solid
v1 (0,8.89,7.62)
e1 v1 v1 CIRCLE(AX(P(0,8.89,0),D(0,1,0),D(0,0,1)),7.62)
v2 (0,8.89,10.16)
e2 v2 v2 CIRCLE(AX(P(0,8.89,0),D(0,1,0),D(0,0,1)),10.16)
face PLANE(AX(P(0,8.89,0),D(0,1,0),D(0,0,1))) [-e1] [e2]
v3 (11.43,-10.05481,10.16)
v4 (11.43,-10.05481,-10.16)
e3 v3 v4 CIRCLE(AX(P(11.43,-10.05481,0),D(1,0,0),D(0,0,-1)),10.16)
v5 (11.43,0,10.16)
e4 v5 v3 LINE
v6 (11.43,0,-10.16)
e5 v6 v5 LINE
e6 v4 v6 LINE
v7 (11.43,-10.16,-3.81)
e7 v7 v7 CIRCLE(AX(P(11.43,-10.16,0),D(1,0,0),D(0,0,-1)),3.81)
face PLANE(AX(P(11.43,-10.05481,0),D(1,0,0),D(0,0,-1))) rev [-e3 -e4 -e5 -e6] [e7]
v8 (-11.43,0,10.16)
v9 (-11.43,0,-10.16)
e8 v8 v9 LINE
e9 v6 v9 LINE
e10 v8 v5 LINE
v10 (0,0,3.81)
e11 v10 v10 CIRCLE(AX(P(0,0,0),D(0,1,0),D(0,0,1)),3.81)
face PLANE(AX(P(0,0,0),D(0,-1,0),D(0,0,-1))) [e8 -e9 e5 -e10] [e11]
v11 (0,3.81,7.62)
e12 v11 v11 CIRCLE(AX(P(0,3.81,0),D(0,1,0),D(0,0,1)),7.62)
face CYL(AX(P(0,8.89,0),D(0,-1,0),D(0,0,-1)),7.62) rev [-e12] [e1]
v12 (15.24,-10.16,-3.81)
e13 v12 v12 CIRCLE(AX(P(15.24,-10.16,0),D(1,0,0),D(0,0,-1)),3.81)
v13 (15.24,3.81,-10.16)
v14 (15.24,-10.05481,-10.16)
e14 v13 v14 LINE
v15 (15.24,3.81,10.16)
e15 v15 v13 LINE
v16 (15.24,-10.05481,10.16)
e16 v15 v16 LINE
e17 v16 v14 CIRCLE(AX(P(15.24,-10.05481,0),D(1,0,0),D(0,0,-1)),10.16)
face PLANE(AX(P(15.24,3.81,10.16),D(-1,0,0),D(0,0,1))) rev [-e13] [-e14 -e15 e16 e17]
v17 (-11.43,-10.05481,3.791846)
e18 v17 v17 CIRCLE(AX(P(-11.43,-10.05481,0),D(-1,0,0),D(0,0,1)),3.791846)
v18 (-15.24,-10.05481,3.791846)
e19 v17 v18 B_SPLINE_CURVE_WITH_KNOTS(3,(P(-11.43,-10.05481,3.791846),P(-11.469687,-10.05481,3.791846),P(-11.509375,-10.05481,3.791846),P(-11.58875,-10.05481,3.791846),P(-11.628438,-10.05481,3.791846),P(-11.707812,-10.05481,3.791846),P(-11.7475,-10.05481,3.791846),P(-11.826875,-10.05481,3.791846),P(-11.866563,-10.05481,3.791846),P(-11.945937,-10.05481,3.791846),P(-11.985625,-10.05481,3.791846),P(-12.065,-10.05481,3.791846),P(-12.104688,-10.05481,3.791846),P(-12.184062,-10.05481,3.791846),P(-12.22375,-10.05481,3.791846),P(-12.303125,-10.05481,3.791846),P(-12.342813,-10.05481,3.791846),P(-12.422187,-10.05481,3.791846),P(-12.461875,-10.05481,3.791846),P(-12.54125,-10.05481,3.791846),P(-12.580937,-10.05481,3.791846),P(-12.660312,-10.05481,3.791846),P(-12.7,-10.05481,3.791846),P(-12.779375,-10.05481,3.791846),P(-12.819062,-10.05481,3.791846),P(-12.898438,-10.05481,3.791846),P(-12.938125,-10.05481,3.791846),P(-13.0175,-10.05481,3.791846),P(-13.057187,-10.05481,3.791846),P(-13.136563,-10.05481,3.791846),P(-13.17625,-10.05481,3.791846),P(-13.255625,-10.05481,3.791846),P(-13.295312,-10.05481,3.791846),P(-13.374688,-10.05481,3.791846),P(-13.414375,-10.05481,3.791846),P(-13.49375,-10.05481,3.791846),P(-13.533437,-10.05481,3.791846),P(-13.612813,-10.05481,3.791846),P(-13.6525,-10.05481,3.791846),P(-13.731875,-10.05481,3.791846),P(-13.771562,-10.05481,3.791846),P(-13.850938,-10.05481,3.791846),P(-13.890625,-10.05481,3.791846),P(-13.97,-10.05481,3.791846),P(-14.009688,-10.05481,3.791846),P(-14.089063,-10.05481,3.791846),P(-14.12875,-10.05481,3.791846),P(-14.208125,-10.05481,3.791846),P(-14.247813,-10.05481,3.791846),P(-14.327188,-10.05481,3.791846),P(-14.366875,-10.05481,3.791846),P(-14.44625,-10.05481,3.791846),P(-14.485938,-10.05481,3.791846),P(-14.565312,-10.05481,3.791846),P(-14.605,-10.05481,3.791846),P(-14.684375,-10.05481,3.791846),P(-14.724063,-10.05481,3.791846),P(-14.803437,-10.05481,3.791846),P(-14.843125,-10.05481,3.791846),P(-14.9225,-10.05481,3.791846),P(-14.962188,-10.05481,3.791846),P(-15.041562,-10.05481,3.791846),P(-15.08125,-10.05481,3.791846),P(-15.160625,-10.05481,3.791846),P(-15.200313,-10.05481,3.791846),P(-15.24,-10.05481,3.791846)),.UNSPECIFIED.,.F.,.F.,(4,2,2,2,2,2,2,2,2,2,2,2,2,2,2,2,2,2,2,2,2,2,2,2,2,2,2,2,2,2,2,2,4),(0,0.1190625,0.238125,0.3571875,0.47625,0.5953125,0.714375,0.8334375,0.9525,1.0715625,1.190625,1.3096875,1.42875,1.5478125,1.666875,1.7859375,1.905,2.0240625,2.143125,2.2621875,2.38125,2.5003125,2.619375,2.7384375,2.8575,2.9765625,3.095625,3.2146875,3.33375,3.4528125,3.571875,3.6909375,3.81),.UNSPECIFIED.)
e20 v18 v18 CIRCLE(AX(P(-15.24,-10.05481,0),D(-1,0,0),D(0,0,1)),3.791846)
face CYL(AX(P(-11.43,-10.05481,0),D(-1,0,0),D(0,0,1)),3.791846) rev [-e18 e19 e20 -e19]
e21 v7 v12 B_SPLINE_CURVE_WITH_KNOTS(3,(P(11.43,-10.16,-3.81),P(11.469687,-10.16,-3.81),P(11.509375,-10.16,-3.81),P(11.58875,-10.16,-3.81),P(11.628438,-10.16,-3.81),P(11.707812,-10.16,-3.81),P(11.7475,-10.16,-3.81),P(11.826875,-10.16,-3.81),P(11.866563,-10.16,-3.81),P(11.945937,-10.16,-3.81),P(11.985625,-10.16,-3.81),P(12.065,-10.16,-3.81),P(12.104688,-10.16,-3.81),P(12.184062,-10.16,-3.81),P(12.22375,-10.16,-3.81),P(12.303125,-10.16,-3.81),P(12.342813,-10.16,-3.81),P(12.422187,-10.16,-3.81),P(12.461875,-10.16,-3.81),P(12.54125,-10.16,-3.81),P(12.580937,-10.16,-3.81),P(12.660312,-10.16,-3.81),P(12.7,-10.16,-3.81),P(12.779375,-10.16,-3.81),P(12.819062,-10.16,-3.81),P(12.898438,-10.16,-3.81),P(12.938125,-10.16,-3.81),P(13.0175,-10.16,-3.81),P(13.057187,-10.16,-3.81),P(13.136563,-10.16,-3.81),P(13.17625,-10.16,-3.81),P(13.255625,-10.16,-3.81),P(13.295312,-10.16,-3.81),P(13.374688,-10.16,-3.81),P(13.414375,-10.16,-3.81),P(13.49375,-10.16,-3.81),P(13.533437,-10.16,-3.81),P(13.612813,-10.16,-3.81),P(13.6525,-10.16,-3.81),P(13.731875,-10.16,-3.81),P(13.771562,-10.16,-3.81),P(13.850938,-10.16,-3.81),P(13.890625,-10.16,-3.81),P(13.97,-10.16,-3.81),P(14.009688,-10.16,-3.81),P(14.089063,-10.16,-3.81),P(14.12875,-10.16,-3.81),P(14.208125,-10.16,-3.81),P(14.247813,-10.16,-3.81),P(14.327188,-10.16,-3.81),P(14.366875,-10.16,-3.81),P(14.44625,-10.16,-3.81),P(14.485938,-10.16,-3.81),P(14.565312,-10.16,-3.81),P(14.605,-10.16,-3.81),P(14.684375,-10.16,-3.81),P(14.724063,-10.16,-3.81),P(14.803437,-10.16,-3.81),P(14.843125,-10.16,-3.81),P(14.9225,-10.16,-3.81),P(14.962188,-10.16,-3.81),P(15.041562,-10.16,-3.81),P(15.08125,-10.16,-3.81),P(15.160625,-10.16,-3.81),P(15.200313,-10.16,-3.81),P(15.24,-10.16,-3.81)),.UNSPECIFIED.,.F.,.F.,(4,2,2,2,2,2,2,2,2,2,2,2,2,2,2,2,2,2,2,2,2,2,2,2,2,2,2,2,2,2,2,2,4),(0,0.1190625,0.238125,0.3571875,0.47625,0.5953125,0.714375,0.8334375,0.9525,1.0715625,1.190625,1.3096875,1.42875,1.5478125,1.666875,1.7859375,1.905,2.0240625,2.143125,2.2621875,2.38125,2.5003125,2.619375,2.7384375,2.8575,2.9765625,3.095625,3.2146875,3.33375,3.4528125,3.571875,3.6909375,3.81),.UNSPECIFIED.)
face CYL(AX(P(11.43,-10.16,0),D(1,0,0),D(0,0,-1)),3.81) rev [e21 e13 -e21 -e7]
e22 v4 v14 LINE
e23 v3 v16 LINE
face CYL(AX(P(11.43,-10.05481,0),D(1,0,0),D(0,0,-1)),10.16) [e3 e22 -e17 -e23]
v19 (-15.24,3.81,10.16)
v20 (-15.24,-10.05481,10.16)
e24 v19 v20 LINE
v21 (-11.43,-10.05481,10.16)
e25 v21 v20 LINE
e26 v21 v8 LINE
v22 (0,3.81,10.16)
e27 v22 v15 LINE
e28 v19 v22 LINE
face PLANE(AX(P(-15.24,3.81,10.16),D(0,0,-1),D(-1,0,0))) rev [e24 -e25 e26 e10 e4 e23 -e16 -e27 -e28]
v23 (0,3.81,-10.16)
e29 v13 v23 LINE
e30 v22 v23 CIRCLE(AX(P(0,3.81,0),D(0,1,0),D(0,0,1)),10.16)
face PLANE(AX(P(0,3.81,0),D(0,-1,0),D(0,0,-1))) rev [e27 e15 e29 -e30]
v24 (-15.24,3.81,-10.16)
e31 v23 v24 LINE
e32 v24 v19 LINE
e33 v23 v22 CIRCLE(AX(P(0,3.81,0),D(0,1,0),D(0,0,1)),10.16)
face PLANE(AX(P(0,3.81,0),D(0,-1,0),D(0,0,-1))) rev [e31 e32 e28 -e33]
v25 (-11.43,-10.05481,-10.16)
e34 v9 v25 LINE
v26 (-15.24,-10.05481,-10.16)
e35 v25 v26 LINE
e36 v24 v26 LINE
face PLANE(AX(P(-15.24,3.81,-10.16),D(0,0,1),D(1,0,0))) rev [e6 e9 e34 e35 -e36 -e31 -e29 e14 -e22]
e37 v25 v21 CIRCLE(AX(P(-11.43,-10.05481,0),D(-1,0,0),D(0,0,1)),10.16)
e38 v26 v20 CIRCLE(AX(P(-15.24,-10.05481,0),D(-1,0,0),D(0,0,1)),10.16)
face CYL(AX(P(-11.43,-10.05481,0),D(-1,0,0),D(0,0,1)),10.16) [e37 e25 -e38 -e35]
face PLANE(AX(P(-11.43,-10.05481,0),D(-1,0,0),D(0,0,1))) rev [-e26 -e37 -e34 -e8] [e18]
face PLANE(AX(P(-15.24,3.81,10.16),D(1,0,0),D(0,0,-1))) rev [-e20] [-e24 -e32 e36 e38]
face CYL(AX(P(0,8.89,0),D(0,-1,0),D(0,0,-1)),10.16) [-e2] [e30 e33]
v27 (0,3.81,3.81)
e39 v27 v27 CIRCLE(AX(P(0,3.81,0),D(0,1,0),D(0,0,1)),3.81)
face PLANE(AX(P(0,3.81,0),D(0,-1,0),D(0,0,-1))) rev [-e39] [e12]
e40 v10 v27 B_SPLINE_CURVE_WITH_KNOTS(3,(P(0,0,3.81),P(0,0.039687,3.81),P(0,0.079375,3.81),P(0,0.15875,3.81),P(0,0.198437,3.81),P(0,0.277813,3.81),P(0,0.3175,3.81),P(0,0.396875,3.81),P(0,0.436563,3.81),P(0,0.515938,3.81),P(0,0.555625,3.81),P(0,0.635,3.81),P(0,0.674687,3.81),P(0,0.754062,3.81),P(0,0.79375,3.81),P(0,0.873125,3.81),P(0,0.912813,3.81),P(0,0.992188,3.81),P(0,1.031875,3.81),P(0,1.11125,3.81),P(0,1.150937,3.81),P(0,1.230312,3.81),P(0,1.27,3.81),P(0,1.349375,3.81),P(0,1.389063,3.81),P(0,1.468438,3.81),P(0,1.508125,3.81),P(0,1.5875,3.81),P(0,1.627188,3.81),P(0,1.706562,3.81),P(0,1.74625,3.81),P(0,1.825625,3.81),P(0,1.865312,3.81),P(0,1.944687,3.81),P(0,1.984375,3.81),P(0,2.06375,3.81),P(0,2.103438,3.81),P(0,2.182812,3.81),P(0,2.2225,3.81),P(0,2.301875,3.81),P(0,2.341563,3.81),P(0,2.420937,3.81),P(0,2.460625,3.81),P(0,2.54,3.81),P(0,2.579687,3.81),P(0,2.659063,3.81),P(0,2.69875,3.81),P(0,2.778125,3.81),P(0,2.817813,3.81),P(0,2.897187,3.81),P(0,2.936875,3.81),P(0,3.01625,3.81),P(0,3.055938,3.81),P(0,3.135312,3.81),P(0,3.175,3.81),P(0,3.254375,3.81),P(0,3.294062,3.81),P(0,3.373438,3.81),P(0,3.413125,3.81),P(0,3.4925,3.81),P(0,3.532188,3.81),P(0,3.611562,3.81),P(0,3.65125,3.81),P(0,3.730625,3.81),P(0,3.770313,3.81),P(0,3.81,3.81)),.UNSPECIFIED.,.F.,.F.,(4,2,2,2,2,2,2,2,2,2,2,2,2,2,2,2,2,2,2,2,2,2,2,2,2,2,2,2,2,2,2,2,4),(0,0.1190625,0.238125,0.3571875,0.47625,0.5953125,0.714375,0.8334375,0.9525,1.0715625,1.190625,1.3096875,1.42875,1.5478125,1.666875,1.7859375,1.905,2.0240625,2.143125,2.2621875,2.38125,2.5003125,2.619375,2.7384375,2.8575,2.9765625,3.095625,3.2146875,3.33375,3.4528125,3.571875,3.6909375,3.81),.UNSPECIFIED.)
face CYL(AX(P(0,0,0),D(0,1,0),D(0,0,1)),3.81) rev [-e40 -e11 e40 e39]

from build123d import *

# Parameters (mm, degrees)
SKETCH2_W           = 30.48
SKETCH2_H           = 20.32
BOSS_EXTRUDE1_DEPTH = 3.81
SKETCH3_R           = 10.16
SKETCH3_R_2         = 7.62
BOSS_EXTRUDE2_DEPTH = 5.08
SKETCH4_R           = 3.81
CUT_EXTRUDE1_DEPTH  = 20.007619525
BOSS_EXTRUDE3_DEPTH = 3.81
SKETCH11_R          = 3.81
CUT_EXTRUDE3_DEPTH  = 3.81
BOSS_EXTRUDE5_START = -3.81
SKETCH12_R          = 3.791845508
BOSS_EXTRUDE5_DEPTH = 3.81


with BuildPart() as part:
    # Sketch2 → Boss-Extrude1 (new body)
    with BuildSketch(Plane(origin=(0, 0, 0), x_dir=(1, 0, 0), z_dir=(0, 1, 0))):
        Rectangle(SKETCH2_W, SKETCH2_H)
    extrude(amount=BOSS_EXTRUDE1_DEPTH)

    # Sketch3 → Boss-Extrude2 (add)
    with BuildSketch(Plane(origin=(0, 3.81, 0), x_dir=(1, 0, 0), z_dir=(0, 1, 0))):
        with Locations(Location((0, 0, 0), (0, 0, 270))):
            Circle(SKETCH3_R)
        with Locations(Location((0, 0, 0), (0, 0, 270))):
            Circle(SKETCH3_R_2, mode=Mode.SUBTRACT)
    extrude(amount=BOSS_EXTRUDE2_DEPTH)

    # Sketch4 → Cut-Extrude1 (cut, through all)
    with BuildSketch(Plane(origin=(0, 3.81, 0), x_dir=(1, 0, 0), z_dir=(0, 1, 0))):
        with Locations(Location((0, 0, 0), (0, 0, 270))):
            Circle(SKETCH4_R)
    extrude(amount=-CUT_EXTRUDE1_DEPTH, mode=Mode.SUBTRACT)

    # Sketch6 → Boss-Extrude3 (add)
    with BuildSketch(Plane(origin=(15.24, 0, 0), x_dir=(0, 0, -1), z_dir=(1, 0, 0))):
        with BuildLine():
            Line((-10.16, 3.81), (-10.16, -10.054809762))
            ThreePointArc((-10.16, -10.054809762), (0, -20.214809762), (10.16, -10.054809762))
            Line((10.16, -10.054809762), (10.16, 3.81))
            Line((10.16, 3.81), (-10.16, 3.81))
        make_face()
    extrude(amount=-BOSS_EXTRUDE3_DEPTH)

    # Sketch11 → Cut-Extrude3 (cut)
    with BuildSketch(Plane(origin=(15.24, 0, 0), x_dir=(0, 0, -1), z_dir=(1, 0, 0))):
        with Locations((0, -10.16)):
            Circle(SKETCH11_R)
    extrude(amount=-CUT_EXTRUDE3_DEPTH, mode=Mode.SUBTRACT)

    # Sketch12 → Boss-Extrude5 (add)
    with BuildSketch(Plane.ZY.offset(15.24).offset(BOSS_EXTRUDE5_START)):
        with BuildLine():
            Line((-10.16, 3.81), (-10.16, -10.054809762))
            ThreePointArc((-10.16, -10.054809762), (0, -20.214809762), (10.16, -10.054809762))
            Line((10.16, -10.054809762), (10.16, 3.81))
            Line((10.16, 3.81), (-10.16, 3.81))
        make_face()
        with Locations((0, -10.054809762)):
            Circle(SKETCH12_R, mode=Mode.SUBTRACT)
    extrude(amount=BOSS_EXTRUDE5_DEPTH)


solid = part.part
